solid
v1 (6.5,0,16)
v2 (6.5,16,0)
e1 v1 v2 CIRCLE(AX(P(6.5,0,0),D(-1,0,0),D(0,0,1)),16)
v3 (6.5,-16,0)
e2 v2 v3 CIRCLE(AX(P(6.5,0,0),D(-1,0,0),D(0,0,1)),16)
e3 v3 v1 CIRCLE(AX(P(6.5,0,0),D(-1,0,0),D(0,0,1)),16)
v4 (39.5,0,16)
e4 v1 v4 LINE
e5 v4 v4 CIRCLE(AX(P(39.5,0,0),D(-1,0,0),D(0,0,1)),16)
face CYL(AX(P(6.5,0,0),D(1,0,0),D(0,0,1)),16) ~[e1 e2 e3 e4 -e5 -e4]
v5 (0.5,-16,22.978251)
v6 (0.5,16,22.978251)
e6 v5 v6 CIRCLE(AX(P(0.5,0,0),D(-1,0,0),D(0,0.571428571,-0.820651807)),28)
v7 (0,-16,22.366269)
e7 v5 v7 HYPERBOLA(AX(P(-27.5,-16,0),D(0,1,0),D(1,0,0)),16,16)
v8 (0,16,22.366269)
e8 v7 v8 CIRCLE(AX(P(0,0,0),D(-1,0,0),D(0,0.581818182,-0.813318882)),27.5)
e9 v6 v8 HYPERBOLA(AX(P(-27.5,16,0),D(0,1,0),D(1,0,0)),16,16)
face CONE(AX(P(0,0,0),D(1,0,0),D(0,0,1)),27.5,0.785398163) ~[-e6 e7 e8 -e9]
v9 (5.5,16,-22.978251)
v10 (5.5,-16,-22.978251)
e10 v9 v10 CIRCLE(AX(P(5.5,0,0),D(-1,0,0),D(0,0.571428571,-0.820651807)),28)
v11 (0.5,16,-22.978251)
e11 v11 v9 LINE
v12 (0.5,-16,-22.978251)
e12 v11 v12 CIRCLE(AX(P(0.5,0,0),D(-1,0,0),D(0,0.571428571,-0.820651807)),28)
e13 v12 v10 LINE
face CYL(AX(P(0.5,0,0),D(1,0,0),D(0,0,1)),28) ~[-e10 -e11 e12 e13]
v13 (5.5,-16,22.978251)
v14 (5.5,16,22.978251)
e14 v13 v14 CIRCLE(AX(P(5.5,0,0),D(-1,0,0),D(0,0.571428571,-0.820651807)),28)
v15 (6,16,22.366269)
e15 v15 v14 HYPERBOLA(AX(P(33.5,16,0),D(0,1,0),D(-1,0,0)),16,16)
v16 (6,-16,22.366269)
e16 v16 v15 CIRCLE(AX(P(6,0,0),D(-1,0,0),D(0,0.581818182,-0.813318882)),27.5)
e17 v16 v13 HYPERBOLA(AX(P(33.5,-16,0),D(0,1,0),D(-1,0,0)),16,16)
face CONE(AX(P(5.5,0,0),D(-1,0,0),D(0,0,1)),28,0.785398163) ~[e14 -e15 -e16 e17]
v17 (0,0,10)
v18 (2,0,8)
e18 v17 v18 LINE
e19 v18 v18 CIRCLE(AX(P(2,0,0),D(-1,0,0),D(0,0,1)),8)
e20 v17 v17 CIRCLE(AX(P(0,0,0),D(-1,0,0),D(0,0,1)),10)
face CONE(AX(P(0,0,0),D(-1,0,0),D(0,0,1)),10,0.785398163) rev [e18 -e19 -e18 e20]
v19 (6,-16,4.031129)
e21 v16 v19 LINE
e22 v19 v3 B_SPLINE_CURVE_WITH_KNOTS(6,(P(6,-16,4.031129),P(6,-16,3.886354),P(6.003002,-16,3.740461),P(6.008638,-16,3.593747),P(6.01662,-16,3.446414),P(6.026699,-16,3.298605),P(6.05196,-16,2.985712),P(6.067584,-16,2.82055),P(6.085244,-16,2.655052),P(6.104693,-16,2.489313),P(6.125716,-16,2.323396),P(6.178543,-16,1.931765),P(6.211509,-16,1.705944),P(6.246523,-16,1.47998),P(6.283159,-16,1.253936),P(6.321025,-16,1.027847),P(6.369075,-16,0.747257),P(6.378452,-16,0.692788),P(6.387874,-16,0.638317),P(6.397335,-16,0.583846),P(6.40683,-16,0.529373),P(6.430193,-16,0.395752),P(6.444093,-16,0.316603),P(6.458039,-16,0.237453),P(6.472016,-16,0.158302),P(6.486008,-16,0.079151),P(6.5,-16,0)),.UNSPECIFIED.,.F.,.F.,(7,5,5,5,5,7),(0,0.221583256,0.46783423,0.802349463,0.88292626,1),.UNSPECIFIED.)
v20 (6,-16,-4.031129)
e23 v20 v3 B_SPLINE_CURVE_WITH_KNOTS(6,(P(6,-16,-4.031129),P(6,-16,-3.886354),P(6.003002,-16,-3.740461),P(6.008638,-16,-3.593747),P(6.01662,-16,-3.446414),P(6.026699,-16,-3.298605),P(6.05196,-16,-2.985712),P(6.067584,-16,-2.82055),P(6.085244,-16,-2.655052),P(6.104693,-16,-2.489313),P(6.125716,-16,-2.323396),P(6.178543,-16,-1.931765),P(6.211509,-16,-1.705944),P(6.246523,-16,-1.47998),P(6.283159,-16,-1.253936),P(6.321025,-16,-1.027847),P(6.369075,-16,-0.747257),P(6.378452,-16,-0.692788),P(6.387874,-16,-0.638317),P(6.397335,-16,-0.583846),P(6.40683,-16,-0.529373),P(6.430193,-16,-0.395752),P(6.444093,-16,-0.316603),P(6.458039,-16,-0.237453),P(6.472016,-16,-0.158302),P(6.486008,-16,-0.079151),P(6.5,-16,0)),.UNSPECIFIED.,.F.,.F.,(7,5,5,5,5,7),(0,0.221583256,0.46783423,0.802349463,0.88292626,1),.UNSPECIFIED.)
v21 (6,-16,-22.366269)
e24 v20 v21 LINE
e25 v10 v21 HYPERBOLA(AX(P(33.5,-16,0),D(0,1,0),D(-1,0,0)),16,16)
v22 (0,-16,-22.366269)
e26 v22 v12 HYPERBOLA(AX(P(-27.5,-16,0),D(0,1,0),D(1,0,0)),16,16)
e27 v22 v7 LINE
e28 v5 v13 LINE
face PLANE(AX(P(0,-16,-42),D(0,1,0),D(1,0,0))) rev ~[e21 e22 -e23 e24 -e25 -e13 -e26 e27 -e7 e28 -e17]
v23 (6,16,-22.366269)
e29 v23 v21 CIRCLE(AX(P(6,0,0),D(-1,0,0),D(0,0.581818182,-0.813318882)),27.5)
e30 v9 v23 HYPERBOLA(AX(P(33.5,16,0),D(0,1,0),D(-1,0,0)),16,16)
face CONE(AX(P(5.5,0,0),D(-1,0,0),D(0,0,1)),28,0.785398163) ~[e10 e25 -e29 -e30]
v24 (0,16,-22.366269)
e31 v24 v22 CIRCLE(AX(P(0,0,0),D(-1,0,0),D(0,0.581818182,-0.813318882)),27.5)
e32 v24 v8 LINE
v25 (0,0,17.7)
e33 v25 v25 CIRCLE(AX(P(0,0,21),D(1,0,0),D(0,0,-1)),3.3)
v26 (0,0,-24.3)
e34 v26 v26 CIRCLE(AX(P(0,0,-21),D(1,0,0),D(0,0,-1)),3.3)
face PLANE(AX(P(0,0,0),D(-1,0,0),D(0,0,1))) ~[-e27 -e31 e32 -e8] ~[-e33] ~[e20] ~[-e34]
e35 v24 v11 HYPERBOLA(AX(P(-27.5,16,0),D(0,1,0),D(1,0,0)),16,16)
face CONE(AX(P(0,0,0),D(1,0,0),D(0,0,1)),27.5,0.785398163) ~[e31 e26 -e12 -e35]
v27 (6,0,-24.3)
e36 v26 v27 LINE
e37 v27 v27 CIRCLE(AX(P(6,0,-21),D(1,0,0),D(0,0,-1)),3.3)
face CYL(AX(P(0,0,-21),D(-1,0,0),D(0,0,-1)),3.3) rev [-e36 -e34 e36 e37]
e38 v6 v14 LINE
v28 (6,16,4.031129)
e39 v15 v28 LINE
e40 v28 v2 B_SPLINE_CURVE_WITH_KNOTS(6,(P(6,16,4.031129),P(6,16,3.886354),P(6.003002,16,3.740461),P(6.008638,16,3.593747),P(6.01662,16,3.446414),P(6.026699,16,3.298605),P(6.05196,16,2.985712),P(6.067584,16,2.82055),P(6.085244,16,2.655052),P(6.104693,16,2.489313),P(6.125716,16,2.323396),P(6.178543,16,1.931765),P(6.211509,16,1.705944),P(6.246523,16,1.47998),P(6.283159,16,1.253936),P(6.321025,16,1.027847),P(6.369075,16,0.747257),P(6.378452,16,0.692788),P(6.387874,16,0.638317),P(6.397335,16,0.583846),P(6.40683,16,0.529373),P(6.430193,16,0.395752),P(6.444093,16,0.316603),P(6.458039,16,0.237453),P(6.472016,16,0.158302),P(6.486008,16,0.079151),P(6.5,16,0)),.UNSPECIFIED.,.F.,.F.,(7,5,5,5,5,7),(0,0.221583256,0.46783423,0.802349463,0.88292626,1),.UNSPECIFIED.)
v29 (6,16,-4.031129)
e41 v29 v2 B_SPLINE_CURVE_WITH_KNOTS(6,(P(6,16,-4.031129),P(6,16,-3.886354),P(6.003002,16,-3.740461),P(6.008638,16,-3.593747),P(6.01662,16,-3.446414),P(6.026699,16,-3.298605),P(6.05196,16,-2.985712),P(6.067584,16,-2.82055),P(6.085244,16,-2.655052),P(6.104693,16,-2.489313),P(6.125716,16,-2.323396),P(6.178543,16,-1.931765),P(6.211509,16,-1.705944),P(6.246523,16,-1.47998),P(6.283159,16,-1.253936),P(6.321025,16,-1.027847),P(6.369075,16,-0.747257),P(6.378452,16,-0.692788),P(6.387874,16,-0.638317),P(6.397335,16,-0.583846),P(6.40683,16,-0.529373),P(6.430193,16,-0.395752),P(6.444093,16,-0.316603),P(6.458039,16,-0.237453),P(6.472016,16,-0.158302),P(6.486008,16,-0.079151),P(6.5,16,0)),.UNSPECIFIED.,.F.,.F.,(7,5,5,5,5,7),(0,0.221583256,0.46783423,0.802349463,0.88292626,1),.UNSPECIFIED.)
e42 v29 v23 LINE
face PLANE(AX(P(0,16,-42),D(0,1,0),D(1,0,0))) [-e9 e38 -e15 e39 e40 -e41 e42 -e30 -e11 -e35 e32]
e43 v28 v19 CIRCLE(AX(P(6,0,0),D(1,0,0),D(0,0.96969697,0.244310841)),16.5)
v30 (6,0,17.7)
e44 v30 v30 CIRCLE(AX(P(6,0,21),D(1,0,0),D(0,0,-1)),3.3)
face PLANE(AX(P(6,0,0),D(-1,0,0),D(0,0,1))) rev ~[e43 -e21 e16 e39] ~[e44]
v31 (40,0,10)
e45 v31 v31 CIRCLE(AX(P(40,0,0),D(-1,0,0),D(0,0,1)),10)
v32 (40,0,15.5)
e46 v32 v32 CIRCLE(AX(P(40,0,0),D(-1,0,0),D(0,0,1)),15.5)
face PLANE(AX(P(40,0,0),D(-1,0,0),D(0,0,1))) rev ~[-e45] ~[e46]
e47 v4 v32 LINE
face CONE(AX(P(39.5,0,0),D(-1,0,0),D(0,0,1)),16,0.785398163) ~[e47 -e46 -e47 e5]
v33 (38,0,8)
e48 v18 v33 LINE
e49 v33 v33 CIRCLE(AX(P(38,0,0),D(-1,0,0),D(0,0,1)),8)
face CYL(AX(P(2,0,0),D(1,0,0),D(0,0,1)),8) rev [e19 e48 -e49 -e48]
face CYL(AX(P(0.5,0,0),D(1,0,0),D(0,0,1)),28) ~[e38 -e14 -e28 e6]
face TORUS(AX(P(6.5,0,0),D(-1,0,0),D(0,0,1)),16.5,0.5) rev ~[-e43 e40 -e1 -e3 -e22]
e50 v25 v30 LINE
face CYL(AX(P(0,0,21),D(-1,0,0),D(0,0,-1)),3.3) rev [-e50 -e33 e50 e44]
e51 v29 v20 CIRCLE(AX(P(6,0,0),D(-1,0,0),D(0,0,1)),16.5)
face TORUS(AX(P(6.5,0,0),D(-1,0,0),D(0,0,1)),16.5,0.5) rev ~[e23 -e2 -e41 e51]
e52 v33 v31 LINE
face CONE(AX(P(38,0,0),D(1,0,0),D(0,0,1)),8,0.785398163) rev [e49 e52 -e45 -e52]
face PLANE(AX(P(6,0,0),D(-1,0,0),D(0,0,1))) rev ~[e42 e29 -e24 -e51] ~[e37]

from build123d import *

# Parameters (mm, degrees)
SKETCH_3_R               = 3.3
CUT_EXTRUDE_1_DEPTH      = 6
SKETCH_4_R               = 3.3
CUT_EXTRUDE_2_DEPTH      = 6
SKETCH_5_R               = 3.3
CUT_EXTRUDE_3_DEPTH      = 6
SKETCH_6_R               = 3.3
CUT_EXTRUDE_4_DEPTH      = 6
CUT_EXTRUDE_5_DEPTH      = 42
CUT_EXTRUDE_5_DEPTH_BACK = 42
SKETCH_7_W               = 40
SKETCH_7_H               = 32
CUT_EXTRUDE_6_DEPTH      = 42
CUT_EXTRUDE_6_DEPTH_BACK = 42
SKETCH_8_W               = 40
SKETCH_8_H               = 32


with BuildPart() as part:
    # 草图1 → 旋转1 (revolve)
    with BuildSketch(Plane.XY):
        with BuildLine():
            Line((0, 0), (0, 27.5))
            Line((0, 27.5), (0.5, 28))
            Line((0.5, 28), (5.5, 28))
            Line((5.5, 28), (6, 27.5))
            Line((6, 27.5), (6, 16.5))
            ThreePointArc((6, 16.5), (6.146446609, 16.146446609), (6.5, 16))
            Line((6.5, 16), (39.5, 16))
            Line((39.5, 16), (40, 15.5))
            Line((40, 15.5), (40, 0))
            Line((40, 0), (0, 0))
        make_face()
    revolve(axis=Axis((40, 0, 0), (-1, 0, 0)))

    # 草图2 → 切除-旋转1 (revolve, cut)
    with BuildSketch(Plane.XY):
        Polygon((0, 0), (0, 10), (2, 8), (38, 8), (40, 10), (40, 0), align=None)
    revolve(axis=Axis((40, 0, 0), (-1, 0, 0)), mode=Mode.SUBTRACT)

    # 草图3 → 切除-拉伸1 (cut)
    with BuildSketch(Plane(origin=(0, 0, 0), x_dir=(0, 0, -1), z_dir=(1, 0, 0))):
        with Locations((21, 0)):
            Circle(SKETCH_3_R)
    extrude(amount=CUT_EXTRUDE_1_DEPTH, mode=Mode.SUBTRACT)

    # 草图4 → 切除-拉伸2 (cut)
    with BuildSketch(Plane(origin=(0, 0, 0), x_dir=(0, 0, -1), z_dir=(1, 0, 0))):
        with Locations((-21, 0)):
            Circle(SKETCH_4_R)
    extrude(amount=CUT_EXTRUDE_2_DEPTH, mode=Mode.SUBTRACT)

    # 草图5 → 切除-拉伸3 (cut)
    with BuildSketch(Plane(origin=(0, 0, 0), x_dir=(0, 0, -1), z_dir=(1, 0, 0))):
        with Locations((0, 21)):
            Circle(SKETCH_5_R)
    extrude(amount=CUT_EXTRUDE_3_DEPTH, mode=Mode.SUBTRACT)

    # 草图6 → 切除-拉伸4 (cut)
    with BuildSketch(Plane(origin=(0, 0, 0), x_dir=(0, 0, -1), z_dir=(1, 0, 0))):
        with Locations((0, -21)):
            Circle(SKETCH_6_R)
    extrude(amount=CUT_EXTRUDE_4_DEPTH, mode=Mode.SUBTRACT)

    # 草图7 → 切除-拉伸5 (cut, two sides: drawn at the far end of the back side and taken through both)
    with BuildSketch(Plane.XY.offset(-CUT_EXTRUDE_5_DEPTH_BACK)):
        with Locations((20, 32)):
            Rectangle(SKETCH_7_W, SKETCH_7_H)
    extrude(amount=CUT_EXTRUDE_5_DEPTH + CUT_EXTRUDE_5_DEPTH_BACK, mode=Mode.SUBTRACT)

    # 草图8 → 切除-拉伸6 (cut, two sides: drawn at the far end of the back side and taken through both)
    with BuildSketch(Plane.XY.offset(-CUT_EXTRUDE_6_DEPTH_BACK)):
        with Locations((20, -32)):
            Rectangle(SKETCH_8_W, SKETCH_8_H)
    extrude(amount=CUT_EXTRUDE_6_DEPTH + CUT_EXTRUDE_6_DEPTH_BACK, mode=Mode.SUBTRACT)


solid = part.part
